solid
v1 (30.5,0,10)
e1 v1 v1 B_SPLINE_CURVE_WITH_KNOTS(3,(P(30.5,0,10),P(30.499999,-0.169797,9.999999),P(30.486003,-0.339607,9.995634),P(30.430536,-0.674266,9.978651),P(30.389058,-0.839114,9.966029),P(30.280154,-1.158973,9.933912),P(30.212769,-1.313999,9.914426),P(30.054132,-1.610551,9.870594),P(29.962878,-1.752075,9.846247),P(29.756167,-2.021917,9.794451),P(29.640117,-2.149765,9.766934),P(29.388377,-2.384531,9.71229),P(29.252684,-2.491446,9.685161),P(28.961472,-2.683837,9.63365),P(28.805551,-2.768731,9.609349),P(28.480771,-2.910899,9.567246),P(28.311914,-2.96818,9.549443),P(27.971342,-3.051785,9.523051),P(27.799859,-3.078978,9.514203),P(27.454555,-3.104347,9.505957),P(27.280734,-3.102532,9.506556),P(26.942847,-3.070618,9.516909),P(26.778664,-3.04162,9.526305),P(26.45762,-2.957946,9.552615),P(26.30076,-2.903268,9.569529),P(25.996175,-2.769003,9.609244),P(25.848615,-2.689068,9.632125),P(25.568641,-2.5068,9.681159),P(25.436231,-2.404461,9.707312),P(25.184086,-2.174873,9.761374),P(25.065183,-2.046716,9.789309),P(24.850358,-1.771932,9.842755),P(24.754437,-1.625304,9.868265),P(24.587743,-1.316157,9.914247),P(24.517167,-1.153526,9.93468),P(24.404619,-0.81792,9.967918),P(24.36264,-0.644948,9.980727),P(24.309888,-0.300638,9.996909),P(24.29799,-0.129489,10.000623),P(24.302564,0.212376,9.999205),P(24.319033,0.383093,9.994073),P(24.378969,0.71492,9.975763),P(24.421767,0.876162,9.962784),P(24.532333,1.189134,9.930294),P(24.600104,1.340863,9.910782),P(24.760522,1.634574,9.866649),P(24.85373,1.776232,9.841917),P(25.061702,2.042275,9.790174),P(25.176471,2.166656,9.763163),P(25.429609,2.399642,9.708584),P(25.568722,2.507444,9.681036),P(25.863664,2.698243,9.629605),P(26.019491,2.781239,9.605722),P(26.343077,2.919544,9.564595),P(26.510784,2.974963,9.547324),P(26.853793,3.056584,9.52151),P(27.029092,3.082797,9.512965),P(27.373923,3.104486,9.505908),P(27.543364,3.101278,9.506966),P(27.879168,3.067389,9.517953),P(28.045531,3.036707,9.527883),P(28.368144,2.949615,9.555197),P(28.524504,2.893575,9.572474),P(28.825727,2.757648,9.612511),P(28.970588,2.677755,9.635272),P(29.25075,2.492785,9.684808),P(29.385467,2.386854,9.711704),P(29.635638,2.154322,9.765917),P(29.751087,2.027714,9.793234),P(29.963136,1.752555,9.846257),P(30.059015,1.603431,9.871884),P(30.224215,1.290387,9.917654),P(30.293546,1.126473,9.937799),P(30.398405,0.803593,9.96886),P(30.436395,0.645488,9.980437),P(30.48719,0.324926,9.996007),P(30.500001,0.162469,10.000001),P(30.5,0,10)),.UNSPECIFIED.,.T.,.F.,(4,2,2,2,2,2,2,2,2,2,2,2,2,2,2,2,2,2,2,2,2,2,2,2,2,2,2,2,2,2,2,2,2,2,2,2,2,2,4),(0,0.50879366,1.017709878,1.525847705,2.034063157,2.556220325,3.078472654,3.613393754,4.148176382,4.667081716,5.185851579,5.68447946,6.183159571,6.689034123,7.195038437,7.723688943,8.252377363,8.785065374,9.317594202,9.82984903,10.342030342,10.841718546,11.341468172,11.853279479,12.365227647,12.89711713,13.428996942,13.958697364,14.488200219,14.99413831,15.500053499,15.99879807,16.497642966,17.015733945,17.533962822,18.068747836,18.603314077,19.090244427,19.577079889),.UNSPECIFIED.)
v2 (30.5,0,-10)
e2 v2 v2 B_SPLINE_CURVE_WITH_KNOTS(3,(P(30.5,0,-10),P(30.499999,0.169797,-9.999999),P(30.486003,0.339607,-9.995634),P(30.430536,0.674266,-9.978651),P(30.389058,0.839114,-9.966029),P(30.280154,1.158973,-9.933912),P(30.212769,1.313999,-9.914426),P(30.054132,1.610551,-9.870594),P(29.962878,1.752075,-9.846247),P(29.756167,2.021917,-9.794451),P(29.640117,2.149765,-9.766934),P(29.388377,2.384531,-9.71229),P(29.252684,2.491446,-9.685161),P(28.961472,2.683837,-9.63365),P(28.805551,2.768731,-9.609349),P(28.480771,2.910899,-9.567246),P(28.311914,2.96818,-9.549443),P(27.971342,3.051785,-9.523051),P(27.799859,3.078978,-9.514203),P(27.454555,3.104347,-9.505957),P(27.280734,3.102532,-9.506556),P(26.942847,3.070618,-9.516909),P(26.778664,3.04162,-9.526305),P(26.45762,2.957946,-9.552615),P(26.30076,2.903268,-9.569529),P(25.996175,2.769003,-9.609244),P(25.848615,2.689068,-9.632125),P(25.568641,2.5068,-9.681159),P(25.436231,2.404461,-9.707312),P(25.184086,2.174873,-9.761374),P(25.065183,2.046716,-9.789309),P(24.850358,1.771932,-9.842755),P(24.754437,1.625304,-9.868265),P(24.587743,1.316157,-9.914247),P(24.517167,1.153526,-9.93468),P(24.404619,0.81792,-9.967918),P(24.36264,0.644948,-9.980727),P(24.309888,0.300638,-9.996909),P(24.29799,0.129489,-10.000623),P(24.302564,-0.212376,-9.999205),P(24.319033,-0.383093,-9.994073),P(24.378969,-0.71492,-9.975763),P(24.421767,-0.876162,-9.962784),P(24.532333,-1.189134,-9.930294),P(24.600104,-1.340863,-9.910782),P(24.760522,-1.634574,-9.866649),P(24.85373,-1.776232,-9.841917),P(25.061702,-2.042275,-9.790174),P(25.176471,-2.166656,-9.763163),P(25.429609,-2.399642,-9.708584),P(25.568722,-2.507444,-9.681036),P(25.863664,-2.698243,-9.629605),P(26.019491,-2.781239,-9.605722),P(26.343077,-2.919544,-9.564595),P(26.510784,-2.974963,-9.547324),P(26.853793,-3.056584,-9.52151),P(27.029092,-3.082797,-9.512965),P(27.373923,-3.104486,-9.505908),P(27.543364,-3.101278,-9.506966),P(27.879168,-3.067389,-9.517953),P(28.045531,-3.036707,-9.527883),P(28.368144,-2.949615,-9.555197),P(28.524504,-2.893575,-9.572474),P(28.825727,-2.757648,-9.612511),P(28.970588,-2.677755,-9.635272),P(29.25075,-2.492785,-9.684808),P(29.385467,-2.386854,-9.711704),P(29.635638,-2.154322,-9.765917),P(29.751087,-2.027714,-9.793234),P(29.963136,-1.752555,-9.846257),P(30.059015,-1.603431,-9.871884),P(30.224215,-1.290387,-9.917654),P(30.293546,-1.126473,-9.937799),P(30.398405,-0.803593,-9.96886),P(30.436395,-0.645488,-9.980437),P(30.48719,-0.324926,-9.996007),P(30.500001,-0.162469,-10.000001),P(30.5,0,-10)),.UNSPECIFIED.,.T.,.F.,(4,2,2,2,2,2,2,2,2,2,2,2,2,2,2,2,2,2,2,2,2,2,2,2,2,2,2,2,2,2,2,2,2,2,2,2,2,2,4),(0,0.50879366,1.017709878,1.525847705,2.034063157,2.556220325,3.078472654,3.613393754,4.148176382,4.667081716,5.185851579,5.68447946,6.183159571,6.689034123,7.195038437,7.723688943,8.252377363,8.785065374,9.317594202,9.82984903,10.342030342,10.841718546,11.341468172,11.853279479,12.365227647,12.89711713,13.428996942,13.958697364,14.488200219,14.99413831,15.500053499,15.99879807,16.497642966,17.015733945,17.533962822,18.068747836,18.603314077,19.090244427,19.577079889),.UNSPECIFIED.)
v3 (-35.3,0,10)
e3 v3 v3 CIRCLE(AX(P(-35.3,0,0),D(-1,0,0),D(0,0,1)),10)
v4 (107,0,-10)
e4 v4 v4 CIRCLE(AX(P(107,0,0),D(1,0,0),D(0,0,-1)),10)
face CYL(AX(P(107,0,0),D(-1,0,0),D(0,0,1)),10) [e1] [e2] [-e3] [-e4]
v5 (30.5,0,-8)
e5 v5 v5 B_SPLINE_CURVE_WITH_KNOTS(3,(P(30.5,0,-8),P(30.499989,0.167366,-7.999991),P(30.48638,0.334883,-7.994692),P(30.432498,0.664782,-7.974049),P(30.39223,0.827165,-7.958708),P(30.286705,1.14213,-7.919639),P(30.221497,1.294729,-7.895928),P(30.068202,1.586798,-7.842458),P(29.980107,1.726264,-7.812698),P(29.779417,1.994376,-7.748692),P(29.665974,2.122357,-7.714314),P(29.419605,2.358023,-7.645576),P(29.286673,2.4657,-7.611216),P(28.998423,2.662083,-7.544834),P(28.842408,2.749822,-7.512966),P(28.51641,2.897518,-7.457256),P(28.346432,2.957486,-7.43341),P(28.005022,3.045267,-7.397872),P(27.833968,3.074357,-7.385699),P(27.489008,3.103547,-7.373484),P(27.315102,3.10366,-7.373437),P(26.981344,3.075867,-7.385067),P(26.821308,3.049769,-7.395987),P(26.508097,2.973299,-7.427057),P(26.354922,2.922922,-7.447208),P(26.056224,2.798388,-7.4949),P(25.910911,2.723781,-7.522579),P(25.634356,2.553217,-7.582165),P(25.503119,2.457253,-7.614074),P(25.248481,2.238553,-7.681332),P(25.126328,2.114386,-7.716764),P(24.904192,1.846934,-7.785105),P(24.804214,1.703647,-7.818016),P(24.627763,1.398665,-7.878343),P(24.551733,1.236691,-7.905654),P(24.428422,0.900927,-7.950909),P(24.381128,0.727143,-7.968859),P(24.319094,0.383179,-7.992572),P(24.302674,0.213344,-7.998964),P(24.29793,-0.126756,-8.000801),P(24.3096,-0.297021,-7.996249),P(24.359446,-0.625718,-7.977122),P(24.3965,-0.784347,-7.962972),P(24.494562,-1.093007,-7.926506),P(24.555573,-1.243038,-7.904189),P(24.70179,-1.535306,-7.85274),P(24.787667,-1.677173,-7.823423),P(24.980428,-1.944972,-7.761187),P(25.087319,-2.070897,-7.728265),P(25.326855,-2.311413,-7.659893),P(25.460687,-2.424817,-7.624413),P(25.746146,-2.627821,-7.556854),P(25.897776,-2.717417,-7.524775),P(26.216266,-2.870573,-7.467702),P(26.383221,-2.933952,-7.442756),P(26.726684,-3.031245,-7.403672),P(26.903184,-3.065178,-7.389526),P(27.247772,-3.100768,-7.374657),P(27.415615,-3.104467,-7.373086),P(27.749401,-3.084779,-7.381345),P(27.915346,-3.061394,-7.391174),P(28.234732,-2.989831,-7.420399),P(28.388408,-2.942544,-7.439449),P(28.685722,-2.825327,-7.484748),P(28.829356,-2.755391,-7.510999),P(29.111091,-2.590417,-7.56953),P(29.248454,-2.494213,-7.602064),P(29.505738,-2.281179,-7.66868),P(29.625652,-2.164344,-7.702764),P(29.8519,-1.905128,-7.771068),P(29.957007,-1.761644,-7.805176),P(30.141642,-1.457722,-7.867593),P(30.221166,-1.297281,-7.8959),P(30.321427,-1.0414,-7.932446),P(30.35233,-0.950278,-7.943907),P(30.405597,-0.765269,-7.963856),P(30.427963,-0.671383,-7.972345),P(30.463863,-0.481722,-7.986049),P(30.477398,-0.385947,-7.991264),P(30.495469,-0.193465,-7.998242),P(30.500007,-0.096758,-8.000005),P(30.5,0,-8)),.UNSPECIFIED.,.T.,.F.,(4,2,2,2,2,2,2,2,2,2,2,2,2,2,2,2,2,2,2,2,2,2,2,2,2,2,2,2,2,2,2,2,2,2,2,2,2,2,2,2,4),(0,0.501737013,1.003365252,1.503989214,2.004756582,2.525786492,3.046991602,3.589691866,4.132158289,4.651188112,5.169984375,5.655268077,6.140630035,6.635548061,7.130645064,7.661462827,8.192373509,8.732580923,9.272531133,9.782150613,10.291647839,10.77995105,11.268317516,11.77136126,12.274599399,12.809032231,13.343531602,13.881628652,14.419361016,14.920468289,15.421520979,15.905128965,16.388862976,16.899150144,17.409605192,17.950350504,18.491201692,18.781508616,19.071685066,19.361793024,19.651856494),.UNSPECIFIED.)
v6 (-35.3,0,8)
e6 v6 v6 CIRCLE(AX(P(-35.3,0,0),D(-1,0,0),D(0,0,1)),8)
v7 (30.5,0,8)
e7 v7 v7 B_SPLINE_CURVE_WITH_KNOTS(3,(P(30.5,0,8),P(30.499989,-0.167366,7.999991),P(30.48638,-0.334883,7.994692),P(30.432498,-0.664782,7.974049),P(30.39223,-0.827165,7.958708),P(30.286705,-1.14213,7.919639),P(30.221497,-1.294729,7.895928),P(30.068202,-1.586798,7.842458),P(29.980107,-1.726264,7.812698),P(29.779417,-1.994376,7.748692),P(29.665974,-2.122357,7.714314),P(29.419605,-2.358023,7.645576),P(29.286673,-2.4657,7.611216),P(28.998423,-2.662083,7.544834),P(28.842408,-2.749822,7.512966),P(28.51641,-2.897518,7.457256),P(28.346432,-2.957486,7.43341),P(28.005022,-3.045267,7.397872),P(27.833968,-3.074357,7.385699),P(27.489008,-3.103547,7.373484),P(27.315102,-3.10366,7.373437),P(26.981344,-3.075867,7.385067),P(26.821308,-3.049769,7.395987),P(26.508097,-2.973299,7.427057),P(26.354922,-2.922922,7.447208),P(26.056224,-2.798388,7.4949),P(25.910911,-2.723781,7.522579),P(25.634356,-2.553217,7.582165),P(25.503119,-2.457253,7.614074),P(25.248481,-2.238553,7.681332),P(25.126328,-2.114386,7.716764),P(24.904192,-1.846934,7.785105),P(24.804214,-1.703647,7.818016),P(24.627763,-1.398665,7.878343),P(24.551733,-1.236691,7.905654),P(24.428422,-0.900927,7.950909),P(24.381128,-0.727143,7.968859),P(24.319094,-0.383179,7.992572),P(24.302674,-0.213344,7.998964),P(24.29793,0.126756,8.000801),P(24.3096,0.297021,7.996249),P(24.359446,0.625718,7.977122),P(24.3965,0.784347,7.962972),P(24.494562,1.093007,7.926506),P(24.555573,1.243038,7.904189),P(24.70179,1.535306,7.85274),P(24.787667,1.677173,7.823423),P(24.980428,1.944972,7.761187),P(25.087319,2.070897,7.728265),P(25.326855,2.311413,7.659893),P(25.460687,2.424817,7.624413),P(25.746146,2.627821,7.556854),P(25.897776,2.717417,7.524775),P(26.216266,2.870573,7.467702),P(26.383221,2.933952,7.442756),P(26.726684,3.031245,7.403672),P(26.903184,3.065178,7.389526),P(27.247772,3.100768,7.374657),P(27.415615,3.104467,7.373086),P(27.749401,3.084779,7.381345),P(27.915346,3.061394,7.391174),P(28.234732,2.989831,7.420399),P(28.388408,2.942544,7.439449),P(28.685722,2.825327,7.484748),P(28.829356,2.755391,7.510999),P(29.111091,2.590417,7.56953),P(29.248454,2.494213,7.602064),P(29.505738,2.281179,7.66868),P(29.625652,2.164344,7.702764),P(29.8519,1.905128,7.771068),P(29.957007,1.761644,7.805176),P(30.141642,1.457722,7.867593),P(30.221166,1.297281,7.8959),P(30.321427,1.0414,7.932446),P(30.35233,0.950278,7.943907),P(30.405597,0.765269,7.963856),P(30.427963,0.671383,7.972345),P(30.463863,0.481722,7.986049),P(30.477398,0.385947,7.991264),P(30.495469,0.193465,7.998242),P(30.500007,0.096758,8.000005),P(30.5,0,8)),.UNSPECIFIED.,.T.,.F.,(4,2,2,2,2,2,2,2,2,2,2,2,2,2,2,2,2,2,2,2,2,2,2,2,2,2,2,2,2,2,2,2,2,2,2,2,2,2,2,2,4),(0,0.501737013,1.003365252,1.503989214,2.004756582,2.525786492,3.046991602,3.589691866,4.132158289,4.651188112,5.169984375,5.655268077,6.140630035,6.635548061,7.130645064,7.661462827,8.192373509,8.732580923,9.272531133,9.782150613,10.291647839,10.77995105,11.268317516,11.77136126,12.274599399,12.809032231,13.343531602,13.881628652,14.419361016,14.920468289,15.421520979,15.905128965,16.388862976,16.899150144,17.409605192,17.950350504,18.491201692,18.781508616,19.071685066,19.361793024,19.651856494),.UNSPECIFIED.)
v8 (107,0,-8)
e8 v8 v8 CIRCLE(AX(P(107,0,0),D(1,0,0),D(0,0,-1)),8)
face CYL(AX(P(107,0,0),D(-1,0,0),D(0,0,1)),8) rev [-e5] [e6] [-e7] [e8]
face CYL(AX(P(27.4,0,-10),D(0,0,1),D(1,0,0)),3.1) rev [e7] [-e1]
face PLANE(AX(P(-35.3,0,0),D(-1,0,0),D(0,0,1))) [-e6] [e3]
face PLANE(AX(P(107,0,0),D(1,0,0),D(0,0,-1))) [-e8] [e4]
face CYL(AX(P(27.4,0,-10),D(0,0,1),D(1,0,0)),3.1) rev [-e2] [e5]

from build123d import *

# Parameters (mm, degrees)
SKETCH_1_R              = 10
SKETCH_1_R_2            = 8
EXTRUDE_1_DEPTH         = 107
SKETCH_2_R              = 10
SKETCH_2_R_2            = 8
EXTRUDE_2_DEPTH         = 35.3
SKETCH2_R               = 3.1
CUT_EXTRUDE2_DEPTH      = 11
CUT_EXTRUDE2_DEPTH_BACK = 11


with BuildPart() as part:
    # 草图1 → 凸台-拉伸1 (new body)
    with BuildSketch(Plane(origin=(0, 0, 0), x_dir=(0, 0, -1), z_dir=(1, 0, 0))):
        Circle(SKETCH_1_R)
        Circle(SKETCH_1_R_2, mode=Mode.SUBTRACT)
    extrude(amount=EXTRUDE_1_DEPTH)

    # 草图2 → 凸台-拉伸2 (add)
    with BuildSketch(Plane.ZY):
        Circle(SKETCH_2_R)
        Circle(SKETCH_2_R_2, mode=Mode.SUBTRACT)
    extrude(amount=EXTRUDE_2_DEPTH)

    # Sketch2 → Cut-Extrude2 (cut, two sides)
    with BuildSketch(Plane.XY) as cut_extrude2_sk:
        with Locations((27.4, 0)):
            Circle(SKETCH2_R)
    extrude(amount=CUT_EXTRUDE2_DEPTH, mode=Mode.SUBTRACT)
    extrude(cut_extrude2_sk.sketch, amount=-CUT_EXTRUDE2_DEPTH_BACK, mode=Mode.SUBTRACT)


solid = part.part
